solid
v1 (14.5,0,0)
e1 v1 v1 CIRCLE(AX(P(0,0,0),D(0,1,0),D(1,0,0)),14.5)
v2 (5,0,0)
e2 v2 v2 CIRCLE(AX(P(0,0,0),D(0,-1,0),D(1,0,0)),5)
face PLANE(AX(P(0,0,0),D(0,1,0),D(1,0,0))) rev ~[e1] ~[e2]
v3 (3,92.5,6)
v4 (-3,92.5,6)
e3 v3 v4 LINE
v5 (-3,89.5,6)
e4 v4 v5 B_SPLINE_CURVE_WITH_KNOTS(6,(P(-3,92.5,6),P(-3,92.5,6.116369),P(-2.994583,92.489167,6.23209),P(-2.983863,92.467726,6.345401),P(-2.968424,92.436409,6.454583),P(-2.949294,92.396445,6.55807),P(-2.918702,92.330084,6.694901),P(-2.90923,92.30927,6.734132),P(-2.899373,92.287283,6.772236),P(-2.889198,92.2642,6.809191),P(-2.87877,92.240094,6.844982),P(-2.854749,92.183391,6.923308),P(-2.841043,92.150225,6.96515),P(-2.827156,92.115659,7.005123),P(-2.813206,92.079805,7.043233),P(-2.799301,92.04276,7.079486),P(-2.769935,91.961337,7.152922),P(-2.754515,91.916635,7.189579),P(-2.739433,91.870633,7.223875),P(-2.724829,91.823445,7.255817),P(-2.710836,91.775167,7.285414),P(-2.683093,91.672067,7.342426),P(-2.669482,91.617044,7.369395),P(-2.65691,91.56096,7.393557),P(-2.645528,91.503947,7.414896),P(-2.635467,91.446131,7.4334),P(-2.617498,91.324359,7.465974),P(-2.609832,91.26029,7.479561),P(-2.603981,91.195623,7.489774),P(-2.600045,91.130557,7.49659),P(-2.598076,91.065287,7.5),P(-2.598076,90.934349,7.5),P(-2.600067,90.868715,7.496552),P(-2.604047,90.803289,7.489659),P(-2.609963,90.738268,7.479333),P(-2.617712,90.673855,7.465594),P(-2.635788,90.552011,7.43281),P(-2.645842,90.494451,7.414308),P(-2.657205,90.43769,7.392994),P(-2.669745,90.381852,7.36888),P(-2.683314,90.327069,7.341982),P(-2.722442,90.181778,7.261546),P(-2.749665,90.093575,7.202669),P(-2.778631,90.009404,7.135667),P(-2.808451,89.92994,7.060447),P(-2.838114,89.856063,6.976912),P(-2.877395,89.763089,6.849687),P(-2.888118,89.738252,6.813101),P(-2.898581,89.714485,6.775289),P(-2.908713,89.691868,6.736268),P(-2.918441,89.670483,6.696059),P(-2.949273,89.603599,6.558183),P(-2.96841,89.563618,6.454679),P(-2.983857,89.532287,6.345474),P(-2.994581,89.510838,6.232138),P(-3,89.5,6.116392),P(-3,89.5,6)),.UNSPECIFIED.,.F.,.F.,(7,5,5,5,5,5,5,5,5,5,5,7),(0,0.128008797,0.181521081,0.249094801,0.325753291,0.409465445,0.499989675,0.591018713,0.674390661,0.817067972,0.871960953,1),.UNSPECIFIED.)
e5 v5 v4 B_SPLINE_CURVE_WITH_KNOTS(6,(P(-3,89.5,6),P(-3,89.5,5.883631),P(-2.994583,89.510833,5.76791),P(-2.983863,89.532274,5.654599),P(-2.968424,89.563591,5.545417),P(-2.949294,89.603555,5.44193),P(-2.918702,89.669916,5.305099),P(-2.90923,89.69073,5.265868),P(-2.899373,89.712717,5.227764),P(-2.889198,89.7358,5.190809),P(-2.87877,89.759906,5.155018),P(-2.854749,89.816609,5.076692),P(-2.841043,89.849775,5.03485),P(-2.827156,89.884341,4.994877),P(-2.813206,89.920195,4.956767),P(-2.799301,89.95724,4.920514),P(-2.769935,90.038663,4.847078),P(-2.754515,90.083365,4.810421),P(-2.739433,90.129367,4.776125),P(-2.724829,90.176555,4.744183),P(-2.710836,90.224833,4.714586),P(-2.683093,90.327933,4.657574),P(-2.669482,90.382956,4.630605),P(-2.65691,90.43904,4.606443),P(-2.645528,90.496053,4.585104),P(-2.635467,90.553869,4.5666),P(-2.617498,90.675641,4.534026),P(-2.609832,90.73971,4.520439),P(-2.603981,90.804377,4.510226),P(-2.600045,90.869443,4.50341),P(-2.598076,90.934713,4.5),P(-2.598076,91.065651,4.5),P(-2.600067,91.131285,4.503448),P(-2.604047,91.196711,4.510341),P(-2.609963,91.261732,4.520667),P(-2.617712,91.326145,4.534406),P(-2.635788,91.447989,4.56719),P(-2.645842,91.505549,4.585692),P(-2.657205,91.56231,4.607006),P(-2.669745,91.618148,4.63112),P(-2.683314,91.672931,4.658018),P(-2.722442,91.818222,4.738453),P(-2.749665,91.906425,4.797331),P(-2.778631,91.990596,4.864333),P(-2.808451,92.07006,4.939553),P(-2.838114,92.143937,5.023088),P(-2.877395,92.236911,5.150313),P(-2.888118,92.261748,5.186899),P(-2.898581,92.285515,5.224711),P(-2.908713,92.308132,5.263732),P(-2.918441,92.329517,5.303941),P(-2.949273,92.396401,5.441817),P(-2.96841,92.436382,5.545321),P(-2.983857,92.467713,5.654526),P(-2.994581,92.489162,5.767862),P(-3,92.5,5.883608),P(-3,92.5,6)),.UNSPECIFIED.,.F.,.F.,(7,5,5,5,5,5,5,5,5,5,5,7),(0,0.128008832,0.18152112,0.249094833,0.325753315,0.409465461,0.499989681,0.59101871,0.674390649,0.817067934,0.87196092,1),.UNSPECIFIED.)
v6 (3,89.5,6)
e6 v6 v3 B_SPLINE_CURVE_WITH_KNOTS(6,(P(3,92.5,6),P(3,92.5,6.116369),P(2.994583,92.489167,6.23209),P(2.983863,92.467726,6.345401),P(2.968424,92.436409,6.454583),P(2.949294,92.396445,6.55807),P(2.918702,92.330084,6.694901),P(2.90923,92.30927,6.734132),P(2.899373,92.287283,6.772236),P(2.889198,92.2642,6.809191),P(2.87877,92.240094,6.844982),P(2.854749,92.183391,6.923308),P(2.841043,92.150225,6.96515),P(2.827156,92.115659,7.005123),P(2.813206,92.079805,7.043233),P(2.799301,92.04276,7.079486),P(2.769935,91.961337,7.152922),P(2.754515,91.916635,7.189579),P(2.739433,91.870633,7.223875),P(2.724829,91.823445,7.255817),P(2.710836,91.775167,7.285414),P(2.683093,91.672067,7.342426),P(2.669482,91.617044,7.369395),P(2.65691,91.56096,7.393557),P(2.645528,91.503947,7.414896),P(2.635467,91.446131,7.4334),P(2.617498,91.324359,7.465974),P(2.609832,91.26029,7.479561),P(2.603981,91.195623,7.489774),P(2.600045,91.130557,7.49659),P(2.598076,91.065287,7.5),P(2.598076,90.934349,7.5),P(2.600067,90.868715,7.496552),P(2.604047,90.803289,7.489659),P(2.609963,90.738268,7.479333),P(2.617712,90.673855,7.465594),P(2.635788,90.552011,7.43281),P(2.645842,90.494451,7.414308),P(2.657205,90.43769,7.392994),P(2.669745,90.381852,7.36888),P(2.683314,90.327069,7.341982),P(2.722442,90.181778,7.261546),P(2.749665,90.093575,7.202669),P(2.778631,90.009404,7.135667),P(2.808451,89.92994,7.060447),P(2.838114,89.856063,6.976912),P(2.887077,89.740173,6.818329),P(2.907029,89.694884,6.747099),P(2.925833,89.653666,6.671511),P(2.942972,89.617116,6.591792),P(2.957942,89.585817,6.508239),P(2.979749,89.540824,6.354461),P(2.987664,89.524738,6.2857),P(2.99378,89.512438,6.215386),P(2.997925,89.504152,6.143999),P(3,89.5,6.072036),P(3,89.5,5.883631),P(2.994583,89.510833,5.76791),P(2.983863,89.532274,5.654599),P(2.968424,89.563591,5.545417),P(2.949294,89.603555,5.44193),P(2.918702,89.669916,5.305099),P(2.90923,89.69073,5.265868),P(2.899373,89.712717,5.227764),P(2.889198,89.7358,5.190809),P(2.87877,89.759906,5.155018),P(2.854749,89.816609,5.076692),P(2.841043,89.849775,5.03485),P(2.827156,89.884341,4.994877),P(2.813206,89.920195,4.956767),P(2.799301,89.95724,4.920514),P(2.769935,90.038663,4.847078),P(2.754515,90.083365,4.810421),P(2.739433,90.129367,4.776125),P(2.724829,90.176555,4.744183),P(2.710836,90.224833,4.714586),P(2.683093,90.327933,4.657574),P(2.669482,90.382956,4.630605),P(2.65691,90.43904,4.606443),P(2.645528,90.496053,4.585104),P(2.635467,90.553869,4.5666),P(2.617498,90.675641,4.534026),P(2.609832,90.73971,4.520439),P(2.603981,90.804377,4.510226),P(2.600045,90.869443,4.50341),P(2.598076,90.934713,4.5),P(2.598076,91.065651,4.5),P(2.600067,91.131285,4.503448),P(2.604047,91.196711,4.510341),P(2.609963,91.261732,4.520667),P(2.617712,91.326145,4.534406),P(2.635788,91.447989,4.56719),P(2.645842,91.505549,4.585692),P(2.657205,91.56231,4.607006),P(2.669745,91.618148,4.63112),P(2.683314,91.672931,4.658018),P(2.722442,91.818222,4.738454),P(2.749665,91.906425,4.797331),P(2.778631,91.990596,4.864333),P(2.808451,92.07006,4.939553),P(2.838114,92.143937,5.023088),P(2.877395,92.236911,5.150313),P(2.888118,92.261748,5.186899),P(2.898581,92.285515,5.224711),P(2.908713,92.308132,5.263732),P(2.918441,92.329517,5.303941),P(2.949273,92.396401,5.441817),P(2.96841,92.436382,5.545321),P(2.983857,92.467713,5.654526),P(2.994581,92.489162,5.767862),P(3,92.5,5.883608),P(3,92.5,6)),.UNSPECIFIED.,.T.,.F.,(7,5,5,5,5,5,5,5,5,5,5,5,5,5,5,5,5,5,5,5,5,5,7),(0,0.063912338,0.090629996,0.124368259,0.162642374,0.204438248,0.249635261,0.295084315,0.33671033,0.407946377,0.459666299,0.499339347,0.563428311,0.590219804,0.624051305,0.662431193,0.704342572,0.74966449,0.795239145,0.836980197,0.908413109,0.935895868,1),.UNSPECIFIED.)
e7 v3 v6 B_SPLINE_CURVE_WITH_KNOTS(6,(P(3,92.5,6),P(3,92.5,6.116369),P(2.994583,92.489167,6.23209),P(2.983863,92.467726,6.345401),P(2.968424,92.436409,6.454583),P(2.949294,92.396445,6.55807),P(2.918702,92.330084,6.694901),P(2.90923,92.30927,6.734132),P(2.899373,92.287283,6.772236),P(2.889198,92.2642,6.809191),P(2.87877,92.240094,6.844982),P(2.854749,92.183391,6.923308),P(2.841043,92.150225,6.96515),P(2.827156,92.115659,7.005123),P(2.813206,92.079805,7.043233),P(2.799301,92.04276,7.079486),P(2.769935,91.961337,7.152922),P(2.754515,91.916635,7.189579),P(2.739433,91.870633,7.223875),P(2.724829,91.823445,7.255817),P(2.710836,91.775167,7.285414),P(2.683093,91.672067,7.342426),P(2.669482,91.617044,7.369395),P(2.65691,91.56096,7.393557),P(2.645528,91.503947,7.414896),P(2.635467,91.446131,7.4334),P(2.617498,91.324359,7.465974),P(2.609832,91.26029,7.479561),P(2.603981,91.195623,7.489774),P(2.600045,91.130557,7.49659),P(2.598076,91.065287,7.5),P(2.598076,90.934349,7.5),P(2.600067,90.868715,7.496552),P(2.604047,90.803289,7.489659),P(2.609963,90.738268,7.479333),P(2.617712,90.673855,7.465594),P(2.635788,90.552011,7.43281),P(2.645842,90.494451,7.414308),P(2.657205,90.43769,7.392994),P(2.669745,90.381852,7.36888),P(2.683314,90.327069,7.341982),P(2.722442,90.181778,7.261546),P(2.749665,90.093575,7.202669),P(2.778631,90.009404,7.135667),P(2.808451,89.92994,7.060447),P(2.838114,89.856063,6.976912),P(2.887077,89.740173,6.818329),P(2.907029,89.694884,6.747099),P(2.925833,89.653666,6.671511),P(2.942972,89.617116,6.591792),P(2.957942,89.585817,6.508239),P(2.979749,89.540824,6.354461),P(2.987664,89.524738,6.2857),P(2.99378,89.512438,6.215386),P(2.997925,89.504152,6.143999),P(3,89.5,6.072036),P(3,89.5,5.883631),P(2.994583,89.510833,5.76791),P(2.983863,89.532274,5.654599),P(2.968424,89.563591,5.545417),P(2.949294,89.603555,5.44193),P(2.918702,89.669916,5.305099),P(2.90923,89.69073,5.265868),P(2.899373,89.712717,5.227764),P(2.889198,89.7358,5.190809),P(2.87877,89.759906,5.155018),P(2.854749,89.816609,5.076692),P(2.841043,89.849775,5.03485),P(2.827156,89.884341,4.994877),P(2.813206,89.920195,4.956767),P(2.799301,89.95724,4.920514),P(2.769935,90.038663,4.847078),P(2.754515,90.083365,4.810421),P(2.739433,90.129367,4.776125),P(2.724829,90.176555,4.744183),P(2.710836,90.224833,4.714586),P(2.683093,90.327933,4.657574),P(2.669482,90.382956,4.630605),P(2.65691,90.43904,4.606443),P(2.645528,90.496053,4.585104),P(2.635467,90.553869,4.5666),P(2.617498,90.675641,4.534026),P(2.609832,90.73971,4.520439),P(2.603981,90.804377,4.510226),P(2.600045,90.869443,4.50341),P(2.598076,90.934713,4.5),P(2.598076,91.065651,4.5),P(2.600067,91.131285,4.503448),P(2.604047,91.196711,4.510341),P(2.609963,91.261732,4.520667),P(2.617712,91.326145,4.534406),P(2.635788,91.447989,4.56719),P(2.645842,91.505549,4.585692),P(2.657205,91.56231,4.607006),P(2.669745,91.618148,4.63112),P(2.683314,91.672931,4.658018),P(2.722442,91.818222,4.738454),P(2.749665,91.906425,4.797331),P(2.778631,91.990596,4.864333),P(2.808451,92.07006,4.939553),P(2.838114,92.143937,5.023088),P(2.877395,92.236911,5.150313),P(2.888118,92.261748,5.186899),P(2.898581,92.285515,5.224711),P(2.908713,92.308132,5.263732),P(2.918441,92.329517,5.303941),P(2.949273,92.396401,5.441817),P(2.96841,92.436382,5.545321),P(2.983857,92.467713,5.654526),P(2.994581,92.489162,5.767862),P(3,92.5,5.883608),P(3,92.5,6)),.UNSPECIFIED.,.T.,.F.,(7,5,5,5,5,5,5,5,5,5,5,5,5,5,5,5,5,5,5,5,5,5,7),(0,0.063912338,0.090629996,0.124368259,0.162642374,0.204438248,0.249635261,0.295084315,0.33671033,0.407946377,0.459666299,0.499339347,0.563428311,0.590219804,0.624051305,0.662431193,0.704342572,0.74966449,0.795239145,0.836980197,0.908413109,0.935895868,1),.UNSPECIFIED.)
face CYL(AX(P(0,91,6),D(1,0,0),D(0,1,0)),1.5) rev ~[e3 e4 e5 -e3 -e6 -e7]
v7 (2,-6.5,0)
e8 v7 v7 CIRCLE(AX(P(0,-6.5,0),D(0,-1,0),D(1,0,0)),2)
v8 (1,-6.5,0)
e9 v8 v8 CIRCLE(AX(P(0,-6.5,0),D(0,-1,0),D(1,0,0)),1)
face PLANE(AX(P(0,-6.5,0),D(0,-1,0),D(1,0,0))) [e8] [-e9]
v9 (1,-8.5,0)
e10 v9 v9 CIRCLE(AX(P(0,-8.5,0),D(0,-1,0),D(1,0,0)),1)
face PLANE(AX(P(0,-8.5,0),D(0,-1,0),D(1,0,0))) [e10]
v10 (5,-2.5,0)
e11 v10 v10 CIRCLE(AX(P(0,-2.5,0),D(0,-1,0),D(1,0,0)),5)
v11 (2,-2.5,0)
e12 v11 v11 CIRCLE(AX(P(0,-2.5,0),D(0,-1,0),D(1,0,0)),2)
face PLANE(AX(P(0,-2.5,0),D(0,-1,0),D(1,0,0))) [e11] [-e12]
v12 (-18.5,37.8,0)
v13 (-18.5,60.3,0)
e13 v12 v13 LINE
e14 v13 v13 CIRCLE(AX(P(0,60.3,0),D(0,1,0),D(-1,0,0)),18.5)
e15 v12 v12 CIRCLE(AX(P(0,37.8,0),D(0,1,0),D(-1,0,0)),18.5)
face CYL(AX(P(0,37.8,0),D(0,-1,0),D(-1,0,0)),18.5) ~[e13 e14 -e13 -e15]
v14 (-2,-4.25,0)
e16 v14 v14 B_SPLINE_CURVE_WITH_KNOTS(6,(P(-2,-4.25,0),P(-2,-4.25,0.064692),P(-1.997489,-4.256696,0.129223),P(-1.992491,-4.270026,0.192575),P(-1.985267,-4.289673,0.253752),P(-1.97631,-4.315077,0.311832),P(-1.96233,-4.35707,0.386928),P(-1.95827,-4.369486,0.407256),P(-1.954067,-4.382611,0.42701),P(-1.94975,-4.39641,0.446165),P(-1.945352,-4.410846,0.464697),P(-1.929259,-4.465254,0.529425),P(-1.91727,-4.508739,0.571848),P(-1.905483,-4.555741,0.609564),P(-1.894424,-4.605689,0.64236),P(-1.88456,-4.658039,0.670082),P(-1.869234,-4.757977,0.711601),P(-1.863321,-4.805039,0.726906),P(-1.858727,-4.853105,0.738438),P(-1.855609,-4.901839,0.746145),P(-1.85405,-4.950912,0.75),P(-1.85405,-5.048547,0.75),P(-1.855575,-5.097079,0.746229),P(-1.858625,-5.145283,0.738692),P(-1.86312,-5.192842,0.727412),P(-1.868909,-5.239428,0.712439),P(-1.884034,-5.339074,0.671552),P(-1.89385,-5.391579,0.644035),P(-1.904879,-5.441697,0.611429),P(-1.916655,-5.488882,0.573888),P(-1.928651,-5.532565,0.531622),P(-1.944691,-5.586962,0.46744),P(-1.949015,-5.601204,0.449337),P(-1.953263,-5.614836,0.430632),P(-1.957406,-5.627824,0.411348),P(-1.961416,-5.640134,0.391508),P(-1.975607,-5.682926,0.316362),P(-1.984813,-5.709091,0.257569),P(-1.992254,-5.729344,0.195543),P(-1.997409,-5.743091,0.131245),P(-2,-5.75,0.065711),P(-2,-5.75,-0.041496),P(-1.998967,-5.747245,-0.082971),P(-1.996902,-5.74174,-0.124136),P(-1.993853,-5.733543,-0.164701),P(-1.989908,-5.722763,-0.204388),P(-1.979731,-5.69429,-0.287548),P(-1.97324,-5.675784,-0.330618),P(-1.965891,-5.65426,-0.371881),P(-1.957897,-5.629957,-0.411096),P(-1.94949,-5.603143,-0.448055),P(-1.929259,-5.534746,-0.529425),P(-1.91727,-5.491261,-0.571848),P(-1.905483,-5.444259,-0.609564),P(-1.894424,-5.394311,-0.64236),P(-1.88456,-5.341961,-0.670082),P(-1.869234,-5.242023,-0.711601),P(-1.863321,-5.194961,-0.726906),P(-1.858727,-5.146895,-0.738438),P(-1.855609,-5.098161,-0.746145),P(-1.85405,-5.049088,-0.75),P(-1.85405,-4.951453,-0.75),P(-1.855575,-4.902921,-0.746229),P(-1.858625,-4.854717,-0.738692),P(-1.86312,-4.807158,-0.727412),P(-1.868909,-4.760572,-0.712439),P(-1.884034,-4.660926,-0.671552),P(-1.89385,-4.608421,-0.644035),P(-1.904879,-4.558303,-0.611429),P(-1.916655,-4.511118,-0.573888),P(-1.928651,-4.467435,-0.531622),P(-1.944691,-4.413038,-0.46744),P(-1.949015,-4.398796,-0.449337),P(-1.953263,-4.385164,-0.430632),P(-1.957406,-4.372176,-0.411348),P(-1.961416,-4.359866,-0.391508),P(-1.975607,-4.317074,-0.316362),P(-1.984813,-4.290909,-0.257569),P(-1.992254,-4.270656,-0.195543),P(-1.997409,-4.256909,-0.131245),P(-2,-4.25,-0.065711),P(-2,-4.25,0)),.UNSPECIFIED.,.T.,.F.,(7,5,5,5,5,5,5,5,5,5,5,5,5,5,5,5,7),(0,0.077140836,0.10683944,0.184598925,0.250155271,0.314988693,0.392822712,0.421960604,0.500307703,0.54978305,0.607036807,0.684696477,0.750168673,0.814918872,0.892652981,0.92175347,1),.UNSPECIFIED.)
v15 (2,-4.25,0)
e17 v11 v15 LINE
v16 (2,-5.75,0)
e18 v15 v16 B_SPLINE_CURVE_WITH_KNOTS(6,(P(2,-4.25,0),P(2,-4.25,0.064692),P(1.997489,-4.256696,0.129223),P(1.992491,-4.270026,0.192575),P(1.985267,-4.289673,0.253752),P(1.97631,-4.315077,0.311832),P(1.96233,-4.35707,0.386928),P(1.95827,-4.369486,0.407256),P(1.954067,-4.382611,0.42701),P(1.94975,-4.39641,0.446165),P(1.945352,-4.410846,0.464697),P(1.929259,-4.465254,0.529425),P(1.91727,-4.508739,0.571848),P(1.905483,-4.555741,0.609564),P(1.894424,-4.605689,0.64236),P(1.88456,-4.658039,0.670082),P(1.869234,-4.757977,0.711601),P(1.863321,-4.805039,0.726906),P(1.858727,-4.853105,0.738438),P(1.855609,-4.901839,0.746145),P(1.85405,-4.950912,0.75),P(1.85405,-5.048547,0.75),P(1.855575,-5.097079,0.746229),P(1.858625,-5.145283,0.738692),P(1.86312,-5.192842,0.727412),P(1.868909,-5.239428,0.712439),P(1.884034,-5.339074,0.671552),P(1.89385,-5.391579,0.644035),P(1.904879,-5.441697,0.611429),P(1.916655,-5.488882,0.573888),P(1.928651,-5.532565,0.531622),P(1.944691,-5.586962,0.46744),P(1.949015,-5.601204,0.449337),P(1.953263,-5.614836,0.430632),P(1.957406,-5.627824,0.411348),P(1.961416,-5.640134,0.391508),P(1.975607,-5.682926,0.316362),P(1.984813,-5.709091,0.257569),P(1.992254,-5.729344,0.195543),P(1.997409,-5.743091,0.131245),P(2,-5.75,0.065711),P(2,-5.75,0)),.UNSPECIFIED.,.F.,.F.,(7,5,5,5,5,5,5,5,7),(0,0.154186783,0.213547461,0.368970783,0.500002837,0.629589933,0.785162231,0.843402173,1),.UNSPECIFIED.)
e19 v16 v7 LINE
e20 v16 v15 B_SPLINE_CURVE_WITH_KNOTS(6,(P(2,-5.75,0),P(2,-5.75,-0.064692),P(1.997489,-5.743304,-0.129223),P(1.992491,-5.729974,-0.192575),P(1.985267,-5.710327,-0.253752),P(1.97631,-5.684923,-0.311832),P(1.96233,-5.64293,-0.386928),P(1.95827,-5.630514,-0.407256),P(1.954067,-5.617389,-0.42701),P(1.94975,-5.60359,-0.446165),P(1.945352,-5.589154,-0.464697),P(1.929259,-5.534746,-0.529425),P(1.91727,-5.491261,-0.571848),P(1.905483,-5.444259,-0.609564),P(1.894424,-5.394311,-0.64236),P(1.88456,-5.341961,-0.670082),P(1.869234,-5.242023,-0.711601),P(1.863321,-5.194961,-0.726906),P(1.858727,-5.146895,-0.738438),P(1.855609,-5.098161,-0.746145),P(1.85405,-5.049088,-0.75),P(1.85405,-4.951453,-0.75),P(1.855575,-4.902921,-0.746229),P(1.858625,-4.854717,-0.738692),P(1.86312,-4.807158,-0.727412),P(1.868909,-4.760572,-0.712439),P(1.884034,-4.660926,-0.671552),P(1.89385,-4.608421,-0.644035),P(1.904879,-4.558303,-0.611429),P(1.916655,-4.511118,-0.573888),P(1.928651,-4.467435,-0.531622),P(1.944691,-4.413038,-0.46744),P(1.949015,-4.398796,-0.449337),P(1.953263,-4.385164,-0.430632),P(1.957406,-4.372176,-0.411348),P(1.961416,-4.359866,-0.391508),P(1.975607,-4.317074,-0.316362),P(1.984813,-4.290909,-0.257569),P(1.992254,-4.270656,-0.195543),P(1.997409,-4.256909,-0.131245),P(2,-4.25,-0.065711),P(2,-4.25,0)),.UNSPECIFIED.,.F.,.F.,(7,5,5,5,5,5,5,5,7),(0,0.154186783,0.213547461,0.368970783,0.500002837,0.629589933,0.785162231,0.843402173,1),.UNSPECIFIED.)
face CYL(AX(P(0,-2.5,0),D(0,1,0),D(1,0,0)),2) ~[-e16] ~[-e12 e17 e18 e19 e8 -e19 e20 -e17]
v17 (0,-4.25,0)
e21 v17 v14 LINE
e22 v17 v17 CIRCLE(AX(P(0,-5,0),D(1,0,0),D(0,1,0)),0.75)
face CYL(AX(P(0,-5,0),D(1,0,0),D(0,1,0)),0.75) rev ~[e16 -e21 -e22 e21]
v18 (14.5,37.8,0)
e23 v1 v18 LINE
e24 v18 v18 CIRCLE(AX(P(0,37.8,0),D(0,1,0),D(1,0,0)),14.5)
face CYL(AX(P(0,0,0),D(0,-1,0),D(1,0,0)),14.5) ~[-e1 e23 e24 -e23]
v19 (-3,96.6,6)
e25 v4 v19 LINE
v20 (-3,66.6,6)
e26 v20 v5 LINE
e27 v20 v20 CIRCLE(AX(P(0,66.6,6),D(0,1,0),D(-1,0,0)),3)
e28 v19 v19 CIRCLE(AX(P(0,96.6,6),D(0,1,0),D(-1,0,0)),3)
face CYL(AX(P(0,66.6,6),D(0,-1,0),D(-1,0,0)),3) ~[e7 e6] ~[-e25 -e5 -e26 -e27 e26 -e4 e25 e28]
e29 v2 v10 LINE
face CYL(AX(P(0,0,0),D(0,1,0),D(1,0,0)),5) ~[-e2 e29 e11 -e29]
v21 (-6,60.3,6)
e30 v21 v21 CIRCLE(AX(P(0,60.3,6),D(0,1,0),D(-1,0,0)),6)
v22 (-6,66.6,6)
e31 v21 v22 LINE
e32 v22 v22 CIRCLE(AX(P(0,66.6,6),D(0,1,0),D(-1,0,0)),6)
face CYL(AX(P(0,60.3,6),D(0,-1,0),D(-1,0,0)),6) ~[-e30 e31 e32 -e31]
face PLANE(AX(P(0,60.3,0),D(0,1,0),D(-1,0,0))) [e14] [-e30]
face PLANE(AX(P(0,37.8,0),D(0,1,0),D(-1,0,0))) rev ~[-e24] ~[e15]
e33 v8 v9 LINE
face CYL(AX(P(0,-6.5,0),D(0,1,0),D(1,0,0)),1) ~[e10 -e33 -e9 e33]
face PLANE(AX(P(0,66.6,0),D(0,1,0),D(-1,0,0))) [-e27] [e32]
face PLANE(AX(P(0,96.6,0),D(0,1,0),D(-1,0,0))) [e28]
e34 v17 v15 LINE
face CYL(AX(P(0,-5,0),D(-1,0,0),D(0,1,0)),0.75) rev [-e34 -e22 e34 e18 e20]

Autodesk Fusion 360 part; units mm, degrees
sketch "Sketch1" plane through (0, 0, 0) normal (0, 1, 0) x (1, 0, 0)
  circle A0 centre (0, 0) radius 14.5
  dimension "d1" = 29
extrude "Extrude1" add sketch "Sketch1" along normal blind 37.8
sketch "Sketch2" plane through (0, 37.8, 0) normal (0, 1, 0) x (-1, 0, 0)
  circle A0 centre (0, 0) radius 14.5
  circle A1 centre (0, 0) radius 18.5
  dimension "d4" = 37
extrude "Extrude2" add sketch "Sketch2" along normal blind 22.5 contours A0 | A1
sketch "Sketch3" plane through (0, 60.3, 0) normal (0, 1, 0) x (-1, 0, 0)
  circle A0 centre (0, 0) radius 18.5
  circle A1 centre (0, 6) radius 6
  dimension "d7" = 12
extrude "Extrude3" add sketch "Sketch3" along normal blind 6.3 contours A1
sketch "Sketch4" plane through (0, 66.6, 0) normal (0, 1, 0) x (-1, 0, 0)
  circle A0 centre (0, 6) radius 6
  circle A1 centre (0, 6) radius 3
  dimension "d10" = 6
extrude "Extrude4" add sketch "Sketch4" along normal blind 30 contours A1
sketch "Sketch5" plane through (0, 0, 0) normal (1, 0, 0) x (0, 1, 0)
sketch "Sketch6" plane through (0, 0, 0) normal (1, 0, 0) x (0, 1, 0)
  circle A0 centre (91, 6) radius 1.5
  dimension "d13" = 3
extrude "Extrude5" cut sketch "Sketch6" along normal mid plane 6
sketch "Sketch7" plane through (0, 0, 0) normal (0, -1, 0) x (1, 0, 0)
  circle A0 centre (0, 0) radius 14.5
  circle A1 centre (0, 0) radius 5
  dimension "d16" = 10
extrude "Extrude6" add sketch "Sketch7" along normal blind 2.5 contours A1
sketch "Sketch8" plane through (0, -2.5, 0) normal (0, -1, 0) x (1, 0, 0)
  circle A0 centre (0, 0) radius 5
  circle A1 centre (0, 0) radius 2
  dimension "d19" = 4
extrude "Extrude7" add sketch "Sketch8" along normal blind 4 contours A1
sketch "Sketch9" plane through (0, -6.5, 0) normal (0, -1, 0) x (1, 0, 0)
  circle A0 centre (0, 0) radius 2
  circle A1 centre (0, 0) radius 1
  dimension "d22" = 2
extrude "Extrude8" add sketch "Sketch9" along normal blind 2 contours A1
sketch "Sketch10" plane through (0, 0, 0) normal (1, 0, 0) x (0, 1, 0)
  circle A0 centre (-5, 0) radius 0.75
  dimension "d25" = 1.5
extrude "Extrude9" cut sketch "Sketch10" along normal mid plane 5
